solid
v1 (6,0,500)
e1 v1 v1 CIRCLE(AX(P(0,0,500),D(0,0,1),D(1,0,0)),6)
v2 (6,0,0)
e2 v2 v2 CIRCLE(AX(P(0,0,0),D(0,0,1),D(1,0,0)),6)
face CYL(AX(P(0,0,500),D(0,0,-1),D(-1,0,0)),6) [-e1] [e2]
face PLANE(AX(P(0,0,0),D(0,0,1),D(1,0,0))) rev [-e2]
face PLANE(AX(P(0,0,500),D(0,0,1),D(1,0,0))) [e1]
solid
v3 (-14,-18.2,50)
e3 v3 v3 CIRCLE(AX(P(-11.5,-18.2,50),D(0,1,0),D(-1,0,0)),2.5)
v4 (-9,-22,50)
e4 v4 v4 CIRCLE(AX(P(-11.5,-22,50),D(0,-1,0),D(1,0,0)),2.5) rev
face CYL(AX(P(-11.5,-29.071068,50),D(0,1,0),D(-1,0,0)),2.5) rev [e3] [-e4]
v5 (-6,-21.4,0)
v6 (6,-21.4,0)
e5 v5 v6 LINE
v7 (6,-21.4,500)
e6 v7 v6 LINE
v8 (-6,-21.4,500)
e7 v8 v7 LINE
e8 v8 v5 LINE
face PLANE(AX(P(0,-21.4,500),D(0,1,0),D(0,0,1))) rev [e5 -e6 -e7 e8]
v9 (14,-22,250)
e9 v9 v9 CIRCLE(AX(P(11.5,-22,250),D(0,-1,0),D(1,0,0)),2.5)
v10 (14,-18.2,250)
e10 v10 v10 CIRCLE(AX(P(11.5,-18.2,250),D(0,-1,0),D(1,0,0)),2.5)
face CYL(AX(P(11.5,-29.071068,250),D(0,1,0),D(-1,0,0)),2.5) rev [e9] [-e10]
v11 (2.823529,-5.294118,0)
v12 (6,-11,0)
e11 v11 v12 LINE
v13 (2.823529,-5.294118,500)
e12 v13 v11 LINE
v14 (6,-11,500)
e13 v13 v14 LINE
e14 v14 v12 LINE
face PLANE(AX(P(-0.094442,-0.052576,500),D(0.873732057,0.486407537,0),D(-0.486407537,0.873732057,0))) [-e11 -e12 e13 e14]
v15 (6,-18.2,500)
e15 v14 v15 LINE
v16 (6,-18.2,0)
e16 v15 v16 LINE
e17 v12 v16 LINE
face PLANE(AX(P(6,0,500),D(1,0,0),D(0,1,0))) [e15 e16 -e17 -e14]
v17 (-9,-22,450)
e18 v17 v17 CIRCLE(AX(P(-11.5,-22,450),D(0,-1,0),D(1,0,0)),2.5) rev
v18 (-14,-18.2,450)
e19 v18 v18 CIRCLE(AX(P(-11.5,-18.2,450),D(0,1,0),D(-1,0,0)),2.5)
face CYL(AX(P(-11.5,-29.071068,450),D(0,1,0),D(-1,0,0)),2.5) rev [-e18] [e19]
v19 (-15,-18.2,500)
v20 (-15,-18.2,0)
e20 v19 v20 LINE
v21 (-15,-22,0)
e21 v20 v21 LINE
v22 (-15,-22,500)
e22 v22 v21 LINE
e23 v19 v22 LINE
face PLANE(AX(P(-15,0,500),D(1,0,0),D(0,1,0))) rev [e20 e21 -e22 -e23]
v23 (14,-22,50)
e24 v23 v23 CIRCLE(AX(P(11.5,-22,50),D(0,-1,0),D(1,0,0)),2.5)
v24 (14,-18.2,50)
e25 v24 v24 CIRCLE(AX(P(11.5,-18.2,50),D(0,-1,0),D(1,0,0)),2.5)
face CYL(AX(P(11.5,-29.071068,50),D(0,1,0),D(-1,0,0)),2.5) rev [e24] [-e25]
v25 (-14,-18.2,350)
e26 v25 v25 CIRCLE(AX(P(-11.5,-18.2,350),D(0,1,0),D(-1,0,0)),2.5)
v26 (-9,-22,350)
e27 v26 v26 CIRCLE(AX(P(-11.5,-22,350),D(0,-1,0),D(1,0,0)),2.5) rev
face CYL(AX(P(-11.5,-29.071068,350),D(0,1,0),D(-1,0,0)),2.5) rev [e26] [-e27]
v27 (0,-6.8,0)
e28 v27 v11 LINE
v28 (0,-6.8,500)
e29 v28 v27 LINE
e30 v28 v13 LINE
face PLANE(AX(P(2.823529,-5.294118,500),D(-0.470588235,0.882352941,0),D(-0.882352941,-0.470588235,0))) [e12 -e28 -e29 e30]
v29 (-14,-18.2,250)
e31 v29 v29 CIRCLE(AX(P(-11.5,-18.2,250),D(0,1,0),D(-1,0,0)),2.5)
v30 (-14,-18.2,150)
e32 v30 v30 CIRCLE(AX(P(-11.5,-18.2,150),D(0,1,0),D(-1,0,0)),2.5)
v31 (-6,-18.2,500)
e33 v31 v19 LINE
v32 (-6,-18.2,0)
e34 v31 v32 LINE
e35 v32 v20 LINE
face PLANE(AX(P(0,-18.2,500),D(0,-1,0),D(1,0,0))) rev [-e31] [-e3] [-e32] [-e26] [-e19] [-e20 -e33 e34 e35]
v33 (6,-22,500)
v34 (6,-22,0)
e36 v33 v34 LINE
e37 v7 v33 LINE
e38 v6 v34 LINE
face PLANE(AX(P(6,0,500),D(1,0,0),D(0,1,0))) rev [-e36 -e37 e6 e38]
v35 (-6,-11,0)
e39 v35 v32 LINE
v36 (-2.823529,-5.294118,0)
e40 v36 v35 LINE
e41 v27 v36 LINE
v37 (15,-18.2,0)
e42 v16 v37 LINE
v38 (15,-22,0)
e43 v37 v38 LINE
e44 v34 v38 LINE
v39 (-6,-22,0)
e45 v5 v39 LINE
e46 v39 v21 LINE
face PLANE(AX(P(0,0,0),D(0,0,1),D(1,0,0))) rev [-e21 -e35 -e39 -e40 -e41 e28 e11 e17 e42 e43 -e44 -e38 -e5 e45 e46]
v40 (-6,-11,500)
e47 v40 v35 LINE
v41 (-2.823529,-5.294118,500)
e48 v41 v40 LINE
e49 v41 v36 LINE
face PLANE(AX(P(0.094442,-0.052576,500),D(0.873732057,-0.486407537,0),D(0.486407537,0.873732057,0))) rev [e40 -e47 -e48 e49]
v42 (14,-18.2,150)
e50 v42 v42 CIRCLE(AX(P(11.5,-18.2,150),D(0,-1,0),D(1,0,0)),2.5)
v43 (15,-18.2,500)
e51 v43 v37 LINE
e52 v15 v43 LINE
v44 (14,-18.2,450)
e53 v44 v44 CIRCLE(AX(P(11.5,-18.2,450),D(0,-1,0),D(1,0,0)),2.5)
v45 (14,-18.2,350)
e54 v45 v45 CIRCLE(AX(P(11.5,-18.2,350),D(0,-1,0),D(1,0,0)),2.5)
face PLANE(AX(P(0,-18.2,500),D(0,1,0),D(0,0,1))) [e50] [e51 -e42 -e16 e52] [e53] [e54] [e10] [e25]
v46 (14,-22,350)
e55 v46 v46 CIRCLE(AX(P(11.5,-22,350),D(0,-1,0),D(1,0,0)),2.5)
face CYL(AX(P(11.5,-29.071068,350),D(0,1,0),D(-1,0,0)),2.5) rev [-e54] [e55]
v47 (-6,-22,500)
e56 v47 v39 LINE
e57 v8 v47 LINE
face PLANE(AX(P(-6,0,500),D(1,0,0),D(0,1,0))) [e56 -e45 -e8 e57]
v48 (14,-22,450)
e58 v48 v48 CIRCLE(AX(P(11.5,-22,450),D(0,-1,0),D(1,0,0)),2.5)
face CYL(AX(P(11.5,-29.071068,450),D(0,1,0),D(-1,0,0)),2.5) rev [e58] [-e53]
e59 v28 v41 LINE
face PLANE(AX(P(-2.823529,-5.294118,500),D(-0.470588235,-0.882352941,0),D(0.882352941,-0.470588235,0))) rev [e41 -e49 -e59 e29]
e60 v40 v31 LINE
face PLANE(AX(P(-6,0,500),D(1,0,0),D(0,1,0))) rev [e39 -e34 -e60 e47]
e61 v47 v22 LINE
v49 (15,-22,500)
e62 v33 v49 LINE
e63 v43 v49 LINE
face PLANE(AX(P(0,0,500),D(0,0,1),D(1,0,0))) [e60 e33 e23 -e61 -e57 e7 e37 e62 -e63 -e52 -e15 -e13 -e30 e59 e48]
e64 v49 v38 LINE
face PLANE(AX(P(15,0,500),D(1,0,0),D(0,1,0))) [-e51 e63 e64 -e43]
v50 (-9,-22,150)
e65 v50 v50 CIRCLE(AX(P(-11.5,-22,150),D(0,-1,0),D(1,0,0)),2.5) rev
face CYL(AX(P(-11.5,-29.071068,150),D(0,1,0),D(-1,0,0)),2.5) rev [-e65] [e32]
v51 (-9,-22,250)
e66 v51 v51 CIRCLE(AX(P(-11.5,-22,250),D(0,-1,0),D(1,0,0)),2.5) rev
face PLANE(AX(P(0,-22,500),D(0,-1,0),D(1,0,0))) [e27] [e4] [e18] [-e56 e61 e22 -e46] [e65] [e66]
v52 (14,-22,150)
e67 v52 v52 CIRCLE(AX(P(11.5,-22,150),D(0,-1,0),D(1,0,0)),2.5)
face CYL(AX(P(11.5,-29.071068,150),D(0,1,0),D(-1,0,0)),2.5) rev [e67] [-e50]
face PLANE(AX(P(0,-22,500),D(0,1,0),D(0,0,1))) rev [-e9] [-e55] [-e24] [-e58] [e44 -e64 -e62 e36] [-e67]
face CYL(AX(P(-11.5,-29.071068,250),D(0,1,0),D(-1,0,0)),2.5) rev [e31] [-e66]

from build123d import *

# Parameters (mm, degrees)
SALIENTE_EXTRUIR1_DEPTH   = 500
CROQUIS1_R                = 6
SALIENTE_EXTRUIR1_2_DEPTH = 500
CROQUIS2_R                = 2.5
CORTAR_EXTRUIR1_DEPTH     = 3.8


with BuildPart() as part:
    # Croquis1 → Saliente-Extruir1 (new body)
    with BuildSketch(Plane.XY):
        Polygon((0, -6.8), (2.823529412, -5.294117647), (6, -11), (6, -18.2), (15, -18.2), (15, -22), (6, -22), (6, -21.4), (-6, -21.4), (-6, -22), (-15, -22), (-15, -18.2), (-6, -18.2), (-6, -11), (-2.823529412, -5.294117647), align=None)
    extrude(amount=SALIENTE_EXTRUIR1_DEPTH)

    # Croquis2 → Cortar-Extruir1 (cut)
    with BuildSketch(Plane(origin=(0, -18.2, 0), x_dir=(1, 0, 0), z_dir=(0, 1, 0))):
        with Locations((-11.5, -50)):
            Circle(CROQUIS2_R)
        with Locations((-11.5, -150)):
            Circle(CROQUIS2_R)
        with Locations((-11.5, -250)):
            Circle(CROQUIS2_R)
        with Locations((-11.5, -350)):
            Circle(CROQUIS2_R)
        with Locations((-11.5, -450)):
            Circle(CROQUIS2_R)
    cortar_extruir1 = extrude(amount=-CORTAR_EXTRUIR1_DEPTH, mode=Mode.SUBTRACT)

    # Simetría1: Cortar-Extruir1 across plane
    add(cortar_extruir1.mirror(Plane(origin=(0, 0, 0), x_dir=(0, 0, 1), z_dir=(1, 0, 0))), mode=Mode.SUBTRACT)


with BuildPart() as body_2:
    # Croquis1 → Saliente-Extruir1 2 (new body)
    with BuildSketch(Plane.XY):
        Circle(CROQUIS1_R)
    extrude(amount=SALIENTE_EXTRUIR1_2_DEPTH)


solid = Compound([part.part, body_2.part])
